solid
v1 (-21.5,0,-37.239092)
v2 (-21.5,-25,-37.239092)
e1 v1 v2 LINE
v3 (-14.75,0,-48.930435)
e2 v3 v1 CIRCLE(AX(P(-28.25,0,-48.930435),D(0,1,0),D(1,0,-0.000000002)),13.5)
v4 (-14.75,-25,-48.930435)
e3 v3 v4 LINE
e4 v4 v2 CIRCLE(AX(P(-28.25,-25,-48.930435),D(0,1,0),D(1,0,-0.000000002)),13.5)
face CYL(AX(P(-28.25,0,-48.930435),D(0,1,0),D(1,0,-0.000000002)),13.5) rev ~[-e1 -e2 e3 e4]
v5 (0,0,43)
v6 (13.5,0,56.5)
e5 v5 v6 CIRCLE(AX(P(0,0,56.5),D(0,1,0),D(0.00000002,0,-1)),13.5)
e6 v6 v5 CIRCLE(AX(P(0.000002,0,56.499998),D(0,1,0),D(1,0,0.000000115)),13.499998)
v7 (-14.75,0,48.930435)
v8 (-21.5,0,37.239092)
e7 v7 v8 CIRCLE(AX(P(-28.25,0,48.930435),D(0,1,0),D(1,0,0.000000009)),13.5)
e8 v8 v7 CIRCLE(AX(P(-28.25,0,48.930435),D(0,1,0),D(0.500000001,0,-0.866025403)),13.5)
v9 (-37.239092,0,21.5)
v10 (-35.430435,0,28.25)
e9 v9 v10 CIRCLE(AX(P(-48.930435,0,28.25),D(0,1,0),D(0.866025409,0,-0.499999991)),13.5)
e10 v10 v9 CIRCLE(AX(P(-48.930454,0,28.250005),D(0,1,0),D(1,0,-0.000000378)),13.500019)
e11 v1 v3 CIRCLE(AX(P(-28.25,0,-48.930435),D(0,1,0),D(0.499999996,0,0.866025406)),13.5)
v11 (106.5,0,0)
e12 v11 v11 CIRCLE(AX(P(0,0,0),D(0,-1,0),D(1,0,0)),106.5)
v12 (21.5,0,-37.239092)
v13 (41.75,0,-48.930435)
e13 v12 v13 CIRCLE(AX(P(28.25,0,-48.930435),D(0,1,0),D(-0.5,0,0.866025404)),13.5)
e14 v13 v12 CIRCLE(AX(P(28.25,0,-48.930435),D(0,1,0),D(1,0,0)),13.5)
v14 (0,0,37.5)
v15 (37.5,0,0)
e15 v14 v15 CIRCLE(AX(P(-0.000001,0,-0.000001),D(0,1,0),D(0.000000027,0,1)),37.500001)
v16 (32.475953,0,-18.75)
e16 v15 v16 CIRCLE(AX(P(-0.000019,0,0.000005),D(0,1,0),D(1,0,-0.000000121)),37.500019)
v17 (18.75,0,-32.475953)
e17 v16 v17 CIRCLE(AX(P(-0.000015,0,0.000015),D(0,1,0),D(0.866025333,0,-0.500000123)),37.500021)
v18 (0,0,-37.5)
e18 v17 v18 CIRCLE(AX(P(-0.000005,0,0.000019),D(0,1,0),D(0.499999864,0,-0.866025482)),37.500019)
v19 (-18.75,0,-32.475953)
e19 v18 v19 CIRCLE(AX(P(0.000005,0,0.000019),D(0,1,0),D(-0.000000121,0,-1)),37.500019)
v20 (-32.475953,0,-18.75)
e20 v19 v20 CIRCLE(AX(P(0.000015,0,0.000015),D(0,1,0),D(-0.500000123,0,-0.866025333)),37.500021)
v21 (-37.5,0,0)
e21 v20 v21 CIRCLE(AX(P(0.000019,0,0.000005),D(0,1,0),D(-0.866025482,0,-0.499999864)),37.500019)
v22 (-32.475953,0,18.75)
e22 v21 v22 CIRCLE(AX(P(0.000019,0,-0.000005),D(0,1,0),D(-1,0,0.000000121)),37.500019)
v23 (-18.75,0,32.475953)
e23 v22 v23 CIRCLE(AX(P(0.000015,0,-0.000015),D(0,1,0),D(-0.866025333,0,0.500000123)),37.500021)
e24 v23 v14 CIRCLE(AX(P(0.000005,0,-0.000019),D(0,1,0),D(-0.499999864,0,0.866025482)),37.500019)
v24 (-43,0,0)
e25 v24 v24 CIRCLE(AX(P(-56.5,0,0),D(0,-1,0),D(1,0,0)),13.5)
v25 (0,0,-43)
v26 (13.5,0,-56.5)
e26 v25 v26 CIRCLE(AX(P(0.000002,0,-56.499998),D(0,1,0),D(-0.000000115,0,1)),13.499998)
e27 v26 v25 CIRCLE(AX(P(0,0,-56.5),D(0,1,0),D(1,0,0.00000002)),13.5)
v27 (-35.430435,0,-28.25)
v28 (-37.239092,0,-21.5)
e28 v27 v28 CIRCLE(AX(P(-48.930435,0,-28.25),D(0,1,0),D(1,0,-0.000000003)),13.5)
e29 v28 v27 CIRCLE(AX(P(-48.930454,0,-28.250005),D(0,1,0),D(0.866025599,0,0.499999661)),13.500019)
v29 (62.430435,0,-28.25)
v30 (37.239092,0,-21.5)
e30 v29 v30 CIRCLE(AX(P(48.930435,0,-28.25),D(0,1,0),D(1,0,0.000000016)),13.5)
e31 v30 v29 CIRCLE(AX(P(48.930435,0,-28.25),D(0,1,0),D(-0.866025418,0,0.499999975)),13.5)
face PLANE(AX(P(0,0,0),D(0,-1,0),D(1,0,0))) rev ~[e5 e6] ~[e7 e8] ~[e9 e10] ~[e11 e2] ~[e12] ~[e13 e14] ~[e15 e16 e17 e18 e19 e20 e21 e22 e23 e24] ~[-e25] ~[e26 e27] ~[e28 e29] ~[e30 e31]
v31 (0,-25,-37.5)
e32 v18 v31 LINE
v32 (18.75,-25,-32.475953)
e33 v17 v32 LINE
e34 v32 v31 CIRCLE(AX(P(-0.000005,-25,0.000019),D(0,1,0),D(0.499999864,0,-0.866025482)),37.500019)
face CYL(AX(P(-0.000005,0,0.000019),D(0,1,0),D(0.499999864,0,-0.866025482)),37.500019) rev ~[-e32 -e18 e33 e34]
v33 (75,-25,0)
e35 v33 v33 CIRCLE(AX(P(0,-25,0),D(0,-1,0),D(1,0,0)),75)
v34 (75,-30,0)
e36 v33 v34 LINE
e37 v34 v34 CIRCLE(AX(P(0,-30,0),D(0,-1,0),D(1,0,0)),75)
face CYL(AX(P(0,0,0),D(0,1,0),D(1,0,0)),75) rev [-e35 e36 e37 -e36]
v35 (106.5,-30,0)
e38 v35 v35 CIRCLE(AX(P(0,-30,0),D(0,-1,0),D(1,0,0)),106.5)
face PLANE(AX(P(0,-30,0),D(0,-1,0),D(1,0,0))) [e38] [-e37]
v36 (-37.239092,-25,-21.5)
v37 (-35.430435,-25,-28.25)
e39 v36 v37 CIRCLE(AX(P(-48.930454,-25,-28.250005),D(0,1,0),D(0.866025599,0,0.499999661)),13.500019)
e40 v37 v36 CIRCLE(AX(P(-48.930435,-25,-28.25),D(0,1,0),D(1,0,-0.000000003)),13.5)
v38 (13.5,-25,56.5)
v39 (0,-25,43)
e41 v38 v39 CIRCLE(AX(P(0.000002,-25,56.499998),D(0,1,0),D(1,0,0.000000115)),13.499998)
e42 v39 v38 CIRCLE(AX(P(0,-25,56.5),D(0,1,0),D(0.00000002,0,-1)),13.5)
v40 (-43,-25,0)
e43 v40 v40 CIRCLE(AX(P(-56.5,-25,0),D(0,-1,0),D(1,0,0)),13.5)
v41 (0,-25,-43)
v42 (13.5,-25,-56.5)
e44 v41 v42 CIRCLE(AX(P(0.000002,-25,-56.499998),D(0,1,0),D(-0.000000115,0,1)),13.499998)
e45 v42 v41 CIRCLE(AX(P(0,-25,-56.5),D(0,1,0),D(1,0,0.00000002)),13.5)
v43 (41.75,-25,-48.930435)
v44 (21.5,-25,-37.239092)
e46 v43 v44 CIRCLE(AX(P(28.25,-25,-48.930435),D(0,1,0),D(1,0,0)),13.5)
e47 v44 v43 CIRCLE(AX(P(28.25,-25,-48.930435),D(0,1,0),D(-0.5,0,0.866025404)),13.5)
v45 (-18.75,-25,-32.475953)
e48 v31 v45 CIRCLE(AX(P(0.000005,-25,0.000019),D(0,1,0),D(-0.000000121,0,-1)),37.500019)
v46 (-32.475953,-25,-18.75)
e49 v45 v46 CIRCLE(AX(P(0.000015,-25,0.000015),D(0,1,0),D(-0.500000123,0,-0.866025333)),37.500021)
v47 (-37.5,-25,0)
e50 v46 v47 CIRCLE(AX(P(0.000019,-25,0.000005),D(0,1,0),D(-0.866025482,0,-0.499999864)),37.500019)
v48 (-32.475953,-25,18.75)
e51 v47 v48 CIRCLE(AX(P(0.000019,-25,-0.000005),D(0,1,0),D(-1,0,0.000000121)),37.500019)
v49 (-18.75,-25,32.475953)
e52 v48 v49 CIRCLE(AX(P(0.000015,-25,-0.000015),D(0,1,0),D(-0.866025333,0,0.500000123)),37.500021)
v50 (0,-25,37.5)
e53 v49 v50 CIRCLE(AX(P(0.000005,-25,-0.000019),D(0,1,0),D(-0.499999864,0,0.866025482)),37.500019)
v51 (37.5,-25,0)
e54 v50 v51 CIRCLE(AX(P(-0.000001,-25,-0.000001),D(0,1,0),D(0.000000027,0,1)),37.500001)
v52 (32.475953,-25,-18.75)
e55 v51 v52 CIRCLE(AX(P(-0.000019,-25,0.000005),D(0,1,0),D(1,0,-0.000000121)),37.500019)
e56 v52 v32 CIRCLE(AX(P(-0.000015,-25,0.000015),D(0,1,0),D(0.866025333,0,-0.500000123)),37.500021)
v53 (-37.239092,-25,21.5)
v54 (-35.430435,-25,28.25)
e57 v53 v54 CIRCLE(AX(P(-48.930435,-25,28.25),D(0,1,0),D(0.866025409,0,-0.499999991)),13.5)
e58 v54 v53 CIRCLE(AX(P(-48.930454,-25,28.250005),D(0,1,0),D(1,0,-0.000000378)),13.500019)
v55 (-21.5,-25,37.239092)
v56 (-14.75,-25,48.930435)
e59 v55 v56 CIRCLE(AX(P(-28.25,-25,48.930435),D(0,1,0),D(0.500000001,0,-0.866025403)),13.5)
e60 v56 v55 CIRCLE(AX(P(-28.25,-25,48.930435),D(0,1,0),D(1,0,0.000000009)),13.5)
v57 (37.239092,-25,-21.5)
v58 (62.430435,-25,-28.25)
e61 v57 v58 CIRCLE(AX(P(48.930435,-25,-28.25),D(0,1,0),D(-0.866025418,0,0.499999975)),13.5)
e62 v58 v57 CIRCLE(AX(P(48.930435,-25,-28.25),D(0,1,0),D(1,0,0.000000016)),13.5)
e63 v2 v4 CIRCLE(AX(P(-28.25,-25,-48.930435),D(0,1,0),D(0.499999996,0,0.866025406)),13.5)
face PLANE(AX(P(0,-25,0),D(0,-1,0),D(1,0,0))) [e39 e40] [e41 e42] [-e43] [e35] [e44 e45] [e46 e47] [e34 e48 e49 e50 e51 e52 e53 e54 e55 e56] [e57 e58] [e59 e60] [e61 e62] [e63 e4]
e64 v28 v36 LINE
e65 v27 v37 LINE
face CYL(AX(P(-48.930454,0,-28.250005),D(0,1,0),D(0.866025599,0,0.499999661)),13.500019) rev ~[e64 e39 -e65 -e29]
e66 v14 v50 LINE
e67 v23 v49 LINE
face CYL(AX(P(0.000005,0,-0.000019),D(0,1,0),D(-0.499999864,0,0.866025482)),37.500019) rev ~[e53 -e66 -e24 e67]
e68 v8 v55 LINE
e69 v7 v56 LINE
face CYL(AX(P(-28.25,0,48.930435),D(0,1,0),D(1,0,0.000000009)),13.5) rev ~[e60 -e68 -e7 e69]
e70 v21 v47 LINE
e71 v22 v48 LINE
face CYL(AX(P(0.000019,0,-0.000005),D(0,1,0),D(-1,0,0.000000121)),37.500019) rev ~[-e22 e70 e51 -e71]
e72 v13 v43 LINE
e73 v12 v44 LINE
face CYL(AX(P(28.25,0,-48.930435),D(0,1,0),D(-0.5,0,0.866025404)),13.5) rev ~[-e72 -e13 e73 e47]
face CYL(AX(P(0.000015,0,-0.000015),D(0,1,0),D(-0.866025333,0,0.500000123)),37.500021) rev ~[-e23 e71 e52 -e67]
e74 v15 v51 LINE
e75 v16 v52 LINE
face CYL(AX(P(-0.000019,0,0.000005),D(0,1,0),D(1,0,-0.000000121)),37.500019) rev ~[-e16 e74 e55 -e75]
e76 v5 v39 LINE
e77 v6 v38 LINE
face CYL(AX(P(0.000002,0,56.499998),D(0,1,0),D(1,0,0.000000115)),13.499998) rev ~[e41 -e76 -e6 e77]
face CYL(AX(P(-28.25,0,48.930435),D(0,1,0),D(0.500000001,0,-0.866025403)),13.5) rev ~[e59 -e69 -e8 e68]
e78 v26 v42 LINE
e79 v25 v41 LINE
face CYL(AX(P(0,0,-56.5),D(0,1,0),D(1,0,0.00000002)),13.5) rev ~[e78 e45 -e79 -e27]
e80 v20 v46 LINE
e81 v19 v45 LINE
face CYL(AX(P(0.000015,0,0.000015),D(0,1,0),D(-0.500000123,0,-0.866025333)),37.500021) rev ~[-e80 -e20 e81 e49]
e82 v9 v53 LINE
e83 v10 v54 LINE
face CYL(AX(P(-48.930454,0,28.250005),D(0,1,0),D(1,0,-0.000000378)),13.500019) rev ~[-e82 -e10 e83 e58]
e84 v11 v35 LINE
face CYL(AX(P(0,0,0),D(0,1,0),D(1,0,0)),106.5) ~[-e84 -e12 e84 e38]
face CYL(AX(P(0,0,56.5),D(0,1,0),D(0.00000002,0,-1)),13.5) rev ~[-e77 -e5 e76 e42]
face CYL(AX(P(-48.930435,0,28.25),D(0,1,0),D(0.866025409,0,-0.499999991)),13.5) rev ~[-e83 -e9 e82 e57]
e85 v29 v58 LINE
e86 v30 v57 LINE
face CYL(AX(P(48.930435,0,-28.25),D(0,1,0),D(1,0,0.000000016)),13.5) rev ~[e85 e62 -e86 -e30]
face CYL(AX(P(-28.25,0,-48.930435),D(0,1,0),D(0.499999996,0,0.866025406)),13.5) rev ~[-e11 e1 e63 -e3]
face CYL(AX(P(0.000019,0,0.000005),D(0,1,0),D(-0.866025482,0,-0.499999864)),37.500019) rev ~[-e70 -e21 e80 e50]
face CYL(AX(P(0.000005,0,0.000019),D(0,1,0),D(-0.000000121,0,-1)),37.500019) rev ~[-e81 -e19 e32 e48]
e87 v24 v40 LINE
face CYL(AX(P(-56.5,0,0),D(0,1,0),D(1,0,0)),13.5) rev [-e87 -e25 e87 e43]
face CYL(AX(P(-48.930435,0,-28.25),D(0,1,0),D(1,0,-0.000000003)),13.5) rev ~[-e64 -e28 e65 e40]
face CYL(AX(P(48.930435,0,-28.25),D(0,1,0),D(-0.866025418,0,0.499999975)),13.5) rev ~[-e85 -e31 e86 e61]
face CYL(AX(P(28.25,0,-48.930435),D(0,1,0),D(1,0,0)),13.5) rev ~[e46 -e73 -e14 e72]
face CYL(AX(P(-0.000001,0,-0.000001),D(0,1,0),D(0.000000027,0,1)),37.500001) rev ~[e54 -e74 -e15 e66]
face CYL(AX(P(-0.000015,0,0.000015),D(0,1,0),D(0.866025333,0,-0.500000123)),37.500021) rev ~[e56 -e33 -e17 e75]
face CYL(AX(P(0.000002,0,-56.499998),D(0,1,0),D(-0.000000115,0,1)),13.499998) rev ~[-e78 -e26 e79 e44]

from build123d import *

# Parameters (mm, degrees)
F0_R     = 106.5
F0_R_2   = 75
F1_DEPTH = 30
F0_R_3   = 13.5
F2_DEPTH = 25


with BuildPart() as f1:
    # F0 (on Front) → F1 (new body)
    with BuildSketch(Plane.XZ):
        Circle(F0_R)
        Circle(F0_R_2, mode=Mode.SUBTRACT)
    extrude(amount=F1_DEPTH)

    # F0 (on Front) → F2 (join)
    with BuildSketch(Plane.XZ):
        Circle(F0_R_2)
        with BuildLine():
            ThreePointArc((-14.75, -48.930435), (-39.941343, -55.680435), (-21.5, -37.239092))
            ThreePointArc((-21.5, -37.239092), (-16.558657, -42.180435), (-14.75, -48.930435))
        make_face(mode=Mode.SUBTRACT)
        with BuildLine():
            ThreePointArc((-35.430435, -28.25), (-61.970434, -31.744057), (-37.239092, -21.5))
            ThreePointArc((-37.239092, -21.5), (-35.890437, -24.755943), (-35.430435, -28.25))
        make_face(mode=Mode.SUBTRACT)
        with BuildLine():
            ThreePointArc((13.5, -56.5), (-9.545942, -66.045942), (0, -43))
            ThreePointArc((0, -43), (9.545942, -46.954058), (13.5, -56.5))
        make_face(mode=Mode.SUBTRACT)
        with BuildLine():
            ThreePointArc((41.75, -48.930435), (21.5, -60.621778), (21.5, -37.239092))
            ThreePointArc((21.5, -37.239092), (35, -37.239092), (41.75, -48.930435))
        make_face(mode=Mode.SUBTRACT)
        with BuildLine():
            ThreePointArc((62.430435, -28.25), (45.436378, -41.289999), (37.239092, -21.5))
            ThreePointArc((37.239092, -21.5), (52.424492, -15.210001), (62.430435, -28.25))
        make_face(mode=Mode.SUBTRACT)
        with Locations((-56.5, 0)):
            Circle(F0_R_3, mode=Mode.SUBTRACT)
        with BuildLine():
            ThreePointArc((-35.430435, 28.25), (-35.890437, 24.755943), (-37.239092, 21.5))
            ThreePointArc((-37.239092, 21.5), (-61.970434, 31.744057), (-35.430435, 28.25))
        make_face(mode=Mode.SUBTRACT)
        with BuildLine():
            ThreePointArc((-14.75, 48.930435), (-16.558657, 42.180435), (-21.5, 37.239092))
            ThreePointArc((-21.5, 37.239092), (-39.941343, 55.680435), (-14.75, 48.930435))
        make_face(mode=Mode.SUBTRACT)
        with BuildLine():
            ThreePointArc((-18.75, 32.475953), (-9.705714, 36.222218), (0, 37.5))
            ThreePointArc((0, 37.5), (26.516504, 26.516504), (37.5, 0))
            ThreePointArc((37.5, 0), (36.222218, -9.705714), (32.475953, -18.75))
            ThreePointArc((32.475953, -18.75), (26.516504, -26.516504), (18.75, -32.475953))
            ThreePointArc((18.75, -32.475953), (9.705714, -36.222218), (0, -37.5))
            ThreePointArc((0, -37.5), (-9.705714, -36.222218), (-18.75, -32.475953))
            ThreePointArc((-18.75, -32.475953), (-26.516504, -26.516504), (-32.475953, -18.75))
            ThreePointArc((-32.475953, -18.75), (-36.222218, -9.705714), (-37.5, 0))
            ThreePointArc((-37.5, 0), (-36.222218, 9.705714), (-32.475953, 18.75))
            ThreePointArc((-32.475953, 18.75), (-26.516504, 26.516504), (-18.75, 32.475953))
        make_face(mode=Mode.SUBTRACT)
        with BuildLine():
            ThreePointArc((13.5, 56.5), (9.545942, 46.954058), (0, 43))
            ThreePointArc((0, 43), (-9.545942, 66.045942), (13.5, 56.5))
        make_face(mode=Mode.SUBTRACT)
    extrude(amount=F2_DEPTH)


solid = f1.part
